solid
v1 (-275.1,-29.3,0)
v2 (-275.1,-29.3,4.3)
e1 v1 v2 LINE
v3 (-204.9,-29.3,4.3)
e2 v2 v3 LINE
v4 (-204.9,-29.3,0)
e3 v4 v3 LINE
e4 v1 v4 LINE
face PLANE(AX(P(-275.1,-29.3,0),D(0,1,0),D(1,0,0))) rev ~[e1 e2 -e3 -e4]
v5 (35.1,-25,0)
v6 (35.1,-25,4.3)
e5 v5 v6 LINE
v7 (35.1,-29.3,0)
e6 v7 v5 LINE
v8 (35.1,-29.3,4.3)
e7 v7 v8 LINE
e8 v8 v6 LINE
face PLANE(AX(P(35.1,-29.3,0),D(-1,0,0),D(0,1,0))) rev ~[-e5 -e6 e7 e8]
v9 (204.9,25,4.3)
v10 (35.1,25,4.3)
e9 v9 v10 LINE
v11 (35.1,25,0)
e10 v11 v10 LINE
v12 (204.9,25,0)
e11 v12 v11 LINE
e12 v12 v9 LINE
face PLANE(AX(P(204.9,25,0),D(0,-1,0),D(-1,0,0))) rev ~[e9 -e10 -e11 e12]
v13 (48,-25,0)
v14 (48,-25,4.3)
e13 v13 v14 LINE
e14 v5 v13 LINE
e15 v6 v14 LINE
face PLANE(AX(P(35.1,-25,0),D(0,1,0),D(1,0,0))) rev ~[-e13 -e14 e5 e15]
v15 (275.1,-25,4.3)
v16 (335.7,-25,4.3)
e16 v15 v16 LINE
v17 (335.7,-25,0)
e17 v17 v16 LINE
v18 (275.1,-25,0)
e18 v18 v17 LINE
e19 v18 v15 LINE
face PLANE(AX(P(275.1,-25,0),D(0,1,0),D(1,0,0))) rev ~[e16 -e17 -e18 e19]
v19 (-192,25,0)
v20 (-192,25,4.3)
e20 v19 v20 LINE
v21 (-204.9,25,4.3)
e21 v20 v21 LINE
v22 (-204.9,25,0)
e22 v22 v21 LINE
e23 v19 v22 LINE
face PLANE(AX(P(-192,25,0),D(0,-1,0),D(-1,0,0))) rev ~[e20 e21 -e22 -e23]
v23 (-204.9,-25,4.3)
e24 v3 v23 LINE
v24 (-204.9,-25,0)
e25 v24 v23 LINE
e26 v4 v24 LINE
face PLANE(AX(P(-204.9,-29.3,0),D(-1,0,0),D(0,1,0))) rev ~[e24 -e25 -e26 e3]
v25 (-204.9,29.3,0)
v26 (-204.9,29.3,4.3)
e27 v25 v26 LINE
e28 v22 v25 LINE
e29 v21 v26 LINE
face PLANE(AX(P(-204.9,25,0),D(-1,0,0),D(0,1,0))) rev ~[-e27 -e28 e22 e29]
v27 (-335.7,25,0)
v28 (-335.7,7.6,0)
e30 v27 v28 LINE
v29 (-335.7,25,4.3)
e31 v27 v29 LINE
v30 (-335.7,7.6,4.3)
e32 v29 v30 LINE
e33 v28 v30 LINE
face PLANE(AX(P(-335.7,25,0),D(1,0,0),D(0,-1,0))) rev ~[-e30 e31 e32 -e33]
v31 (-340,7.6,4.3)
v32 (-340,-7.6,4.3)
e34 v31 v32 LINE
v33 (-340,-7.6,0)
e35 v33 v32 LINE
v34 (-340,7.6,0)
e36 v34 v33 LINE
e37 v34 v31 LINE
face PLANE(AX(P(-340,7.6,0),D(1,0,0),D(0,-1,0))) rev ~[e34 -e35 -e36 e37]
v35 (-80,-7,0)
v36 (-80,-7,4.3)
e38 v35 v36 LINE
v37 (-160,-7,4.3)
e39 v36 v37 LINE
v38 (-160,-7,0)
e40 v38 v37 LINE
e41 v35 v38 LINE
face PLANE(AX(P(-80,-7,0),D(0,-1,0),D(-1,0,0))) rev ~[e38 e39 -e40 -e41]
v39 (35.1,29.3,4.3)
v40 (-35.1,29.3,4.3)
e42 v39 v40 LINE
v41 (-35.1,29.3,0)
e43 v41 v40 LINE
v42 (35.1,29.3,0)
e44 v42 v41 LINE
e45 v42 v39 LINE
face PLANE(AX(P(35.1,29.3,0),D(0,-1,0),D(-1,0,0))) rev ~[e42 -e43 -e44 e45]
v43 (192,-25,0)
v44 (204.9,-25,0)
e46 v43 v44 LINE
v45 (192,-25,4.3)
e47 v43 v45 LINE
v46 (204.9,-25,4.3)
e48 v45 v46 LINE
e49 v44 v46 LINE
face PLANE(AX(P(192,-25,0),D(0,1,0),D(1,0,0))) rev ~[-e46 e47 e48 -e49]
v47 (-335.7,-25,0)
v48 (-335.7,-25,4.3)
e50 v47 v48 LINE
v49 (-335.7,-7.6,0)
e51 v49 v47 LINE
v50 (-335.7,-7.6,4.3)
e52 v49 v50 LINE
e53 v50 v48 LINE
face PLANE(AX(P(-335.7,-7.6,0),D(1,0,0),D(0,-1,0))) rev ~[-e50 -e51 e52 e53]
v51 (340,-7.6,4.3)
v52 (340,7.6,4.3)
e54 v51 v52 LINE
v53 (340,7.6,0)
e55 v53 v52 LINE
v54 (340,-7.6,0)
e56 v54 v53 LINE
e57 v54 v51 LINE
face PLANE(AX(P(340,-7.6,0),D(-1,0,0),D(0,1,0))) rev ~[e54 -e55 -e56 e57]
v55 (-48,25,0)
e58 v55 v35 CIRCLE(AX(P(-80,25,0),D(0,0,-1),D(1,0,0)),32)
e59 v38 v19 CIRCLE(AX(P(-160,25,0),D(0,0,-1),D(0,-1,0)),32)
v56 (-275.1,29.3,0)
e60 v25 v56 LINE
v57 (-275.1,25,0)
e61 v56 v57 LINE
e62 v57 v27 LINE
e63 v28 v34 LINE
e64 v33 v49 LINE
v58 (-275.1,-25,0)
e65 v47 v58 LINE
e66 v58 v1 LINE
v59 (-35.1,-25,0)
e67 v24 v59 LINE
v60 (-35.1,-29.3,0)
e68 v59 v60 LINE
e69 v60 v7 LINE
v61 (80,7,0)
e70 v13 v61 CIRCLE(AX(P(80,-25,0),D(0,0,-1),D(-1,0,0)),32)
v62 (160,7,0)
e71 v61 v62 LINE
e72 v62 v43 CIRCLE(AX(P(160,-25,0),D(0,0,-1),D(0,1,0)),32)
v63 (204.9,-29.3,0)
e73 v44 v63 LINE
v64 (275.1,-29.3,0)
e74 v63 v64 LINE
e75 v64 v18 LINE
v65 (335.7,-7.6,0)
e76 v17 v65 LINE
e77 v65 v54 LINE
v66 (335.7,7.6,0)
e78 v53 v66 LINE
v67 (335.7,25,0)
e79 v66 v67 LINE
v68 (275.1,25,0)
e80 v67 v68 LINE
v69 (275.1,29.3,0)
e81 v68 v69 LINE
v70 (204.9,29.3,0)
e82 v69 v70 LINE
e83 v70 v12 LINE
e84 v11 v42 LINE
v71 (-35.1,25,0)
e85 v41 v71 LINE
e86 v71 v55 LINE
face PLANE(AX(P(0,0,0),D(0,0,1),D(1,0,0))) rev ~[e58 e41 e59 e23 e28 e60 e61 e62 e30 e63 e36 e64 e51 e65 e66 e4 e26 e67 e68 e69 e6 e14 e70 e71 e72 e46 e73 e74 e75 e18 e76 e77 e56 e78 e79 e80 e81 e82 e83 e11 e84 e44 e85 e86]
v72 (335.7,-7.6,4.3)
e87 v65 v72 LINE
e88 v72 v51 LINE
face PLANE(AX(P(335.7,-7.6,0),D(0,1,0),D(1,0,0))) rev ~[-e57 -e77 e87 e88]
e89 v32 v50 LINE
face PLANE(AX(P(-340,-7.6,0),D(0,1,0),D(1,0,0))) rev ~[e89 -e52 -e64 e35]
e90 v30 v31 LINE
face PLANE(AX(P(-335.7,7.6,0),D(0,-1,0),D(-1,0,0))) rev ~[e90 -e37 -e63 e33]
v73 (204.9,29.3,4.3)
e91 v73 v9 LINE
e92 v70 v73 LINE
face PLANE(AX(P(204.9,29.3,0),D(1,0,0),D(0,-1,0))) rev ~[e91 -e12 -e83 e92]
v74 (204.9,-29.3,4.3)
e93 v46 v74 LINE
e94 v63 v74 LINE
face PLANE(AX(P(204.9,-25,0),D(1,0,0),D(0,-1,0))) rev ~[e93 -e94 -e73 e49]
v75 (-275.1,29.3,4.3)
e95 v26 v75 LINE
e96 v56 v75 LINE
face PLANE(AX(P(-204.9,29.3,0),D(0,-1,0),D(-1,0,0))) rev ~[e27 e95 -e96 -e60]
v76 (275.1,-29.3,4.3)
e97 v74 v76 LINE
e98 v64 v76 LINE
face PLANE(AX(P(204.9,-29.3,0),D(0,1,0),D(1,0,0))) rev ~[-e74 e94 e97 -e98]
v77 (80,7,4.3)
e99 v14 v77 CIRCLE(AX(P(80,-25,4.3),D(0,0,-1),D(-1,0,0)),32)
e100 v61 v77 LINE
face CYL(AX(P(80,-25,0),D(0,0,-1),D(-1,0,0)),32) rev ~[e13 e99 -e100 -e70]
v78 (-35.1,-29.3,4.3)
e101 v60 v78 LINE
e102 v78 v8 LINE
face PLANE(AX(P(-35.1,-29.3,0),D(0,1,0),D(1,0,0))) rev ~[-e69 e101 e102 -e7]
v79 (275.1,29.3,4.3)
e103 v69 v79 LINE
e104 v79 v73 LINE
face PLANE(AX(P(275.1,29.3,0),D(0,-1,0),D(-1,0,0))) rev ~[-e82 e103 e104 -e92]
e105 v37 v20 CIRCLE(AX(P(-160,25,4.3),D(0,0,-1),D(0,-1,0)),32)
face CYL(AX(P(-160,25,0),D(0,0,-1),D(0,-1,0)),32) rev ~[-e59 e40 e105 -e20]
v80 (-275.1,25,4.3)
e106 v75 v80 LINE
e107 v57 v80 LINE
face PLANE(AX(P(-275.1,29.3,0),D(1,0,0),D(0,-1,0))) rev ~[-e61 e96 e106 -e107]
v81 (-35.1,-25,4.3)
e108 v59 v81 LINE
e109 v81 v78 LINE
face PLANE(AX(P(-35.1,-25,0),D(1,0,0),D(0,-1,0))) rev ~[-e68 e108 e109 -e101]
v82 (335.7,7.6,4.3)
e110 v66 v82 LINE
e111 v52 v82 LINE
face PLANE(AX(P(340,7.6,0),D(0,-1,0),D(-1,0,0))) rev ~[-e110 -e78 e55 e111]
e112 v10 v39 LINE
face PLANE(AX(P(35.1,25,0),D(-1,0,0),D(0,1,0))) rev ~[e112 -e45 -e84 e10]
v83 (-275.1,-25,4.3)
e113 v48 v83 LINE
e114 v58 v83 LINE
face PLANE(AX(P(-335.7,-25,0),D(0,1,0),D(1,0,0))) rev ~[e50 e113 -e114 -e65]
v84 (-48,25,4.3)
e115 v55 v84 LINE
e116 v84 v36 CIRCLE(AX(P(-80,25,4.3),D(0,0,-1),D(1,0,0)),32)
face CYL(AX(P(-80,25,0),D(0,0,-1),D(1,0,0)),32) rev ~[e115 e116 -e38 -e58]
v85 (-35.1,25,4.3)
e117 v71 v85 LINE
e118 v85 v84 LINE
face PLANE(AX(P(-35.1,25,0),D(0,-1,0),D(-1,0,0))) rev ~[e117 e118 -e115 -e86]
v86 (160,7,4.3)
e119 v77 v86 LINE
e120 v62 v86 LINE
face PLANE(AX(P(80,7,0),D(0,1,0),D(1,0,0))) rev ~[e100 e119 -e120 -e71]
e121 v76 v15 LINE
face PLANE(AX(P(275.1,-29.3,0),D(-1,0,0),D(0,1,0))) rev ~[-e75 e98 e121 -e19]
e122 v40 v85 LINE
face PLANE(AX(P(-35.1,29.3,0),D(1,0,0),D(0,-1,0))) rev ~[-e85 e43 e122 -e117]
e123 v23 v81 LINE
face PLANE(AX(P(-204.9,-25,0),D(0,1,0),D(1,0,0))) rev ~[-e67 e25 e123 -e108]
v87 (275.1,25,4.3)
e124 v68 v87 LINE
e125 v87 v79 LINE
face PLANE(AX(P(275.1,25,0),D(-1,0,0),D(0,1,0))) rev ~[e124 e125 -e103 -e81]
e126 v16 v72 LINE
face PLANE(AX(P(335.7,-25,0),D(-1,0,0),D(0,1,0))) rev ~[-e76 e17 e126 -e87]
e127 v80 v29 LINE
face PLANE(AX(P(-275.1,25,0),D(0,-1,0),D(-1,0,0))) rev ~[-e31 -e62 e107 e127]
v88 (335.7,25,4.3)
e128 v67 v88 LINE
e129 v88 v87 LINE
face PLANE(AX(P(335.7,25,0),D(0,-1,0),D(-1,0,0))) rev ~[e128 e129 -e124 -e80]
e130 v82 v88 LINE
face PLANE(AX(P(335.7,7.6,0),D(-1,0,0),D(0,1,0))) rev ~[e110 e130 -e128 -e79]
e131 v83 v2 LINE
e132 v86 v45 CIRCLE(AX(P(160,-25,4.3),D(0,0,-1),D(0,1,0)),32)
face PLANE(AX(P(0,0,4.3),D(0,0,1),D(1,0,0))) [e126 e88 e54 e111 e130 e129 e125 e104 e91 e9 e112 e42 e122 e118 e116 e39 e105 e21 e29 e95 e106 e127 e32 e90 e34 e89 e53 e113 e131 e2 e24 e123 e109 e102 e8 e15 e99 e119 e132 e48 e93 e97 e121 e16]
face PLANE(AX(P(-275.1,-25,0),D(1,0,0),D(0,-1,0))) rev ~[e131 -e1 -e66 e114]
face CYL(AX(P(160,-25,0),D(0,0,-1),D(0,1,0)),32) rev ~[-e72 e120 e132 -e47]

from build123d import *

# Parameters (mm, degrees)
BOSS_EXTRUDE1_DEPTH = 4.3


with BuildPart() as part:
    # Sketch1 → Boss-Extrude1 (new body)
    with BuildSketch(Plane.XY):
        with BuildLine():
            Line((-335.7, -25), (-275.1, -25))
            Line((-275.1, -25), (-275.1, -29.3))
            Line((-275.1, -29.3), (-204.9, -29.3))
            Line((-204.9, -29.3), (-204.9, -25))
            Line((-204.9, -25), (-35.1, -25))
            Line((-35.1, -25), (-35.1, -29.3))
            Line((-35.1, -29.3), (35.1, -29.3))
            Line((35.1, -29.3), (35.1, -25))
            Line((35.1, -25), (48, -25))
            ThreePointArc((48, -25), (57.372583002, -2.372583002), (80, 7))
            Line((80, 7), (160, 7))
            ThreePointArc((160, 7), (182.627416998, -2.372583002), (192, -25))
            Line((192, -25), (204.9, -25))
            Line((204.9, -25), (204.9, -29.3))
            Line((204.9, -29.3), (275.1, -29.3))
            Line((275.1, -29.3), (275.1, -25))
            Line((275.1, -25), (335.7, -25))
            Line((335.7, -25), (335.7, -7.6))
            Line((335.7, -7.6), (340, -7.6))
            Line((340, -7.6), (340, 7.6))
            Line((340, 7.6), (335.7, 7.6))
            Line((335.7, 7.6), (335.7, 25))
            Line((335.7, 25), (275.1, 25))
            Line((275.1, 25), (275.1, 29.3))
            Line((275.1, 29.3), (204.9, 29.3))
            Line((204.9, 29.3), (204.9, 25))
            Line((204.9, 25), (35.1, 25))
            Line((35.1, 25), (35.1, 29.3))
            Line((35.1, 29.3), (-35.1, 29.3))
            Line((-35.1, 29.3), (-35.1, 25))
            Line((-35.1, 25), (-48, 25))
            ThreePointArc((-48, 25), (-57.372583002, 2.372583002), (-80, -7))
            Line((-80, -7), (-160, -7))
            ThreePointArc((-160, -7), (-182.627416998, 2.372583002), (-192, 25))
            Line((-192, 25), (-204.9, 25))
            Line((-204.9, 25), (-204.9, 29.3))
            Line((-204.9, 29.3), (-275.1, 29.3))
            Line((-275.1, 29.3), (-275.1, 25))
            Line((-275.1, 25), (-335.7, 25))
            Line((-335.7, 25), (-335.7, 7.6))
            Line((-335.7, 7.6), (-340, 7.6))
            Line((-340, 7.6), (-340, -7.6))
            Line((-340, -7.6), (-335.7, -7.6))
            Line((-335.7, -7.6), (-335.7, -25))
        make_face()
    extrude(amount=BOSS_EXTRUDE1_DEPTH)


solid = part.part
